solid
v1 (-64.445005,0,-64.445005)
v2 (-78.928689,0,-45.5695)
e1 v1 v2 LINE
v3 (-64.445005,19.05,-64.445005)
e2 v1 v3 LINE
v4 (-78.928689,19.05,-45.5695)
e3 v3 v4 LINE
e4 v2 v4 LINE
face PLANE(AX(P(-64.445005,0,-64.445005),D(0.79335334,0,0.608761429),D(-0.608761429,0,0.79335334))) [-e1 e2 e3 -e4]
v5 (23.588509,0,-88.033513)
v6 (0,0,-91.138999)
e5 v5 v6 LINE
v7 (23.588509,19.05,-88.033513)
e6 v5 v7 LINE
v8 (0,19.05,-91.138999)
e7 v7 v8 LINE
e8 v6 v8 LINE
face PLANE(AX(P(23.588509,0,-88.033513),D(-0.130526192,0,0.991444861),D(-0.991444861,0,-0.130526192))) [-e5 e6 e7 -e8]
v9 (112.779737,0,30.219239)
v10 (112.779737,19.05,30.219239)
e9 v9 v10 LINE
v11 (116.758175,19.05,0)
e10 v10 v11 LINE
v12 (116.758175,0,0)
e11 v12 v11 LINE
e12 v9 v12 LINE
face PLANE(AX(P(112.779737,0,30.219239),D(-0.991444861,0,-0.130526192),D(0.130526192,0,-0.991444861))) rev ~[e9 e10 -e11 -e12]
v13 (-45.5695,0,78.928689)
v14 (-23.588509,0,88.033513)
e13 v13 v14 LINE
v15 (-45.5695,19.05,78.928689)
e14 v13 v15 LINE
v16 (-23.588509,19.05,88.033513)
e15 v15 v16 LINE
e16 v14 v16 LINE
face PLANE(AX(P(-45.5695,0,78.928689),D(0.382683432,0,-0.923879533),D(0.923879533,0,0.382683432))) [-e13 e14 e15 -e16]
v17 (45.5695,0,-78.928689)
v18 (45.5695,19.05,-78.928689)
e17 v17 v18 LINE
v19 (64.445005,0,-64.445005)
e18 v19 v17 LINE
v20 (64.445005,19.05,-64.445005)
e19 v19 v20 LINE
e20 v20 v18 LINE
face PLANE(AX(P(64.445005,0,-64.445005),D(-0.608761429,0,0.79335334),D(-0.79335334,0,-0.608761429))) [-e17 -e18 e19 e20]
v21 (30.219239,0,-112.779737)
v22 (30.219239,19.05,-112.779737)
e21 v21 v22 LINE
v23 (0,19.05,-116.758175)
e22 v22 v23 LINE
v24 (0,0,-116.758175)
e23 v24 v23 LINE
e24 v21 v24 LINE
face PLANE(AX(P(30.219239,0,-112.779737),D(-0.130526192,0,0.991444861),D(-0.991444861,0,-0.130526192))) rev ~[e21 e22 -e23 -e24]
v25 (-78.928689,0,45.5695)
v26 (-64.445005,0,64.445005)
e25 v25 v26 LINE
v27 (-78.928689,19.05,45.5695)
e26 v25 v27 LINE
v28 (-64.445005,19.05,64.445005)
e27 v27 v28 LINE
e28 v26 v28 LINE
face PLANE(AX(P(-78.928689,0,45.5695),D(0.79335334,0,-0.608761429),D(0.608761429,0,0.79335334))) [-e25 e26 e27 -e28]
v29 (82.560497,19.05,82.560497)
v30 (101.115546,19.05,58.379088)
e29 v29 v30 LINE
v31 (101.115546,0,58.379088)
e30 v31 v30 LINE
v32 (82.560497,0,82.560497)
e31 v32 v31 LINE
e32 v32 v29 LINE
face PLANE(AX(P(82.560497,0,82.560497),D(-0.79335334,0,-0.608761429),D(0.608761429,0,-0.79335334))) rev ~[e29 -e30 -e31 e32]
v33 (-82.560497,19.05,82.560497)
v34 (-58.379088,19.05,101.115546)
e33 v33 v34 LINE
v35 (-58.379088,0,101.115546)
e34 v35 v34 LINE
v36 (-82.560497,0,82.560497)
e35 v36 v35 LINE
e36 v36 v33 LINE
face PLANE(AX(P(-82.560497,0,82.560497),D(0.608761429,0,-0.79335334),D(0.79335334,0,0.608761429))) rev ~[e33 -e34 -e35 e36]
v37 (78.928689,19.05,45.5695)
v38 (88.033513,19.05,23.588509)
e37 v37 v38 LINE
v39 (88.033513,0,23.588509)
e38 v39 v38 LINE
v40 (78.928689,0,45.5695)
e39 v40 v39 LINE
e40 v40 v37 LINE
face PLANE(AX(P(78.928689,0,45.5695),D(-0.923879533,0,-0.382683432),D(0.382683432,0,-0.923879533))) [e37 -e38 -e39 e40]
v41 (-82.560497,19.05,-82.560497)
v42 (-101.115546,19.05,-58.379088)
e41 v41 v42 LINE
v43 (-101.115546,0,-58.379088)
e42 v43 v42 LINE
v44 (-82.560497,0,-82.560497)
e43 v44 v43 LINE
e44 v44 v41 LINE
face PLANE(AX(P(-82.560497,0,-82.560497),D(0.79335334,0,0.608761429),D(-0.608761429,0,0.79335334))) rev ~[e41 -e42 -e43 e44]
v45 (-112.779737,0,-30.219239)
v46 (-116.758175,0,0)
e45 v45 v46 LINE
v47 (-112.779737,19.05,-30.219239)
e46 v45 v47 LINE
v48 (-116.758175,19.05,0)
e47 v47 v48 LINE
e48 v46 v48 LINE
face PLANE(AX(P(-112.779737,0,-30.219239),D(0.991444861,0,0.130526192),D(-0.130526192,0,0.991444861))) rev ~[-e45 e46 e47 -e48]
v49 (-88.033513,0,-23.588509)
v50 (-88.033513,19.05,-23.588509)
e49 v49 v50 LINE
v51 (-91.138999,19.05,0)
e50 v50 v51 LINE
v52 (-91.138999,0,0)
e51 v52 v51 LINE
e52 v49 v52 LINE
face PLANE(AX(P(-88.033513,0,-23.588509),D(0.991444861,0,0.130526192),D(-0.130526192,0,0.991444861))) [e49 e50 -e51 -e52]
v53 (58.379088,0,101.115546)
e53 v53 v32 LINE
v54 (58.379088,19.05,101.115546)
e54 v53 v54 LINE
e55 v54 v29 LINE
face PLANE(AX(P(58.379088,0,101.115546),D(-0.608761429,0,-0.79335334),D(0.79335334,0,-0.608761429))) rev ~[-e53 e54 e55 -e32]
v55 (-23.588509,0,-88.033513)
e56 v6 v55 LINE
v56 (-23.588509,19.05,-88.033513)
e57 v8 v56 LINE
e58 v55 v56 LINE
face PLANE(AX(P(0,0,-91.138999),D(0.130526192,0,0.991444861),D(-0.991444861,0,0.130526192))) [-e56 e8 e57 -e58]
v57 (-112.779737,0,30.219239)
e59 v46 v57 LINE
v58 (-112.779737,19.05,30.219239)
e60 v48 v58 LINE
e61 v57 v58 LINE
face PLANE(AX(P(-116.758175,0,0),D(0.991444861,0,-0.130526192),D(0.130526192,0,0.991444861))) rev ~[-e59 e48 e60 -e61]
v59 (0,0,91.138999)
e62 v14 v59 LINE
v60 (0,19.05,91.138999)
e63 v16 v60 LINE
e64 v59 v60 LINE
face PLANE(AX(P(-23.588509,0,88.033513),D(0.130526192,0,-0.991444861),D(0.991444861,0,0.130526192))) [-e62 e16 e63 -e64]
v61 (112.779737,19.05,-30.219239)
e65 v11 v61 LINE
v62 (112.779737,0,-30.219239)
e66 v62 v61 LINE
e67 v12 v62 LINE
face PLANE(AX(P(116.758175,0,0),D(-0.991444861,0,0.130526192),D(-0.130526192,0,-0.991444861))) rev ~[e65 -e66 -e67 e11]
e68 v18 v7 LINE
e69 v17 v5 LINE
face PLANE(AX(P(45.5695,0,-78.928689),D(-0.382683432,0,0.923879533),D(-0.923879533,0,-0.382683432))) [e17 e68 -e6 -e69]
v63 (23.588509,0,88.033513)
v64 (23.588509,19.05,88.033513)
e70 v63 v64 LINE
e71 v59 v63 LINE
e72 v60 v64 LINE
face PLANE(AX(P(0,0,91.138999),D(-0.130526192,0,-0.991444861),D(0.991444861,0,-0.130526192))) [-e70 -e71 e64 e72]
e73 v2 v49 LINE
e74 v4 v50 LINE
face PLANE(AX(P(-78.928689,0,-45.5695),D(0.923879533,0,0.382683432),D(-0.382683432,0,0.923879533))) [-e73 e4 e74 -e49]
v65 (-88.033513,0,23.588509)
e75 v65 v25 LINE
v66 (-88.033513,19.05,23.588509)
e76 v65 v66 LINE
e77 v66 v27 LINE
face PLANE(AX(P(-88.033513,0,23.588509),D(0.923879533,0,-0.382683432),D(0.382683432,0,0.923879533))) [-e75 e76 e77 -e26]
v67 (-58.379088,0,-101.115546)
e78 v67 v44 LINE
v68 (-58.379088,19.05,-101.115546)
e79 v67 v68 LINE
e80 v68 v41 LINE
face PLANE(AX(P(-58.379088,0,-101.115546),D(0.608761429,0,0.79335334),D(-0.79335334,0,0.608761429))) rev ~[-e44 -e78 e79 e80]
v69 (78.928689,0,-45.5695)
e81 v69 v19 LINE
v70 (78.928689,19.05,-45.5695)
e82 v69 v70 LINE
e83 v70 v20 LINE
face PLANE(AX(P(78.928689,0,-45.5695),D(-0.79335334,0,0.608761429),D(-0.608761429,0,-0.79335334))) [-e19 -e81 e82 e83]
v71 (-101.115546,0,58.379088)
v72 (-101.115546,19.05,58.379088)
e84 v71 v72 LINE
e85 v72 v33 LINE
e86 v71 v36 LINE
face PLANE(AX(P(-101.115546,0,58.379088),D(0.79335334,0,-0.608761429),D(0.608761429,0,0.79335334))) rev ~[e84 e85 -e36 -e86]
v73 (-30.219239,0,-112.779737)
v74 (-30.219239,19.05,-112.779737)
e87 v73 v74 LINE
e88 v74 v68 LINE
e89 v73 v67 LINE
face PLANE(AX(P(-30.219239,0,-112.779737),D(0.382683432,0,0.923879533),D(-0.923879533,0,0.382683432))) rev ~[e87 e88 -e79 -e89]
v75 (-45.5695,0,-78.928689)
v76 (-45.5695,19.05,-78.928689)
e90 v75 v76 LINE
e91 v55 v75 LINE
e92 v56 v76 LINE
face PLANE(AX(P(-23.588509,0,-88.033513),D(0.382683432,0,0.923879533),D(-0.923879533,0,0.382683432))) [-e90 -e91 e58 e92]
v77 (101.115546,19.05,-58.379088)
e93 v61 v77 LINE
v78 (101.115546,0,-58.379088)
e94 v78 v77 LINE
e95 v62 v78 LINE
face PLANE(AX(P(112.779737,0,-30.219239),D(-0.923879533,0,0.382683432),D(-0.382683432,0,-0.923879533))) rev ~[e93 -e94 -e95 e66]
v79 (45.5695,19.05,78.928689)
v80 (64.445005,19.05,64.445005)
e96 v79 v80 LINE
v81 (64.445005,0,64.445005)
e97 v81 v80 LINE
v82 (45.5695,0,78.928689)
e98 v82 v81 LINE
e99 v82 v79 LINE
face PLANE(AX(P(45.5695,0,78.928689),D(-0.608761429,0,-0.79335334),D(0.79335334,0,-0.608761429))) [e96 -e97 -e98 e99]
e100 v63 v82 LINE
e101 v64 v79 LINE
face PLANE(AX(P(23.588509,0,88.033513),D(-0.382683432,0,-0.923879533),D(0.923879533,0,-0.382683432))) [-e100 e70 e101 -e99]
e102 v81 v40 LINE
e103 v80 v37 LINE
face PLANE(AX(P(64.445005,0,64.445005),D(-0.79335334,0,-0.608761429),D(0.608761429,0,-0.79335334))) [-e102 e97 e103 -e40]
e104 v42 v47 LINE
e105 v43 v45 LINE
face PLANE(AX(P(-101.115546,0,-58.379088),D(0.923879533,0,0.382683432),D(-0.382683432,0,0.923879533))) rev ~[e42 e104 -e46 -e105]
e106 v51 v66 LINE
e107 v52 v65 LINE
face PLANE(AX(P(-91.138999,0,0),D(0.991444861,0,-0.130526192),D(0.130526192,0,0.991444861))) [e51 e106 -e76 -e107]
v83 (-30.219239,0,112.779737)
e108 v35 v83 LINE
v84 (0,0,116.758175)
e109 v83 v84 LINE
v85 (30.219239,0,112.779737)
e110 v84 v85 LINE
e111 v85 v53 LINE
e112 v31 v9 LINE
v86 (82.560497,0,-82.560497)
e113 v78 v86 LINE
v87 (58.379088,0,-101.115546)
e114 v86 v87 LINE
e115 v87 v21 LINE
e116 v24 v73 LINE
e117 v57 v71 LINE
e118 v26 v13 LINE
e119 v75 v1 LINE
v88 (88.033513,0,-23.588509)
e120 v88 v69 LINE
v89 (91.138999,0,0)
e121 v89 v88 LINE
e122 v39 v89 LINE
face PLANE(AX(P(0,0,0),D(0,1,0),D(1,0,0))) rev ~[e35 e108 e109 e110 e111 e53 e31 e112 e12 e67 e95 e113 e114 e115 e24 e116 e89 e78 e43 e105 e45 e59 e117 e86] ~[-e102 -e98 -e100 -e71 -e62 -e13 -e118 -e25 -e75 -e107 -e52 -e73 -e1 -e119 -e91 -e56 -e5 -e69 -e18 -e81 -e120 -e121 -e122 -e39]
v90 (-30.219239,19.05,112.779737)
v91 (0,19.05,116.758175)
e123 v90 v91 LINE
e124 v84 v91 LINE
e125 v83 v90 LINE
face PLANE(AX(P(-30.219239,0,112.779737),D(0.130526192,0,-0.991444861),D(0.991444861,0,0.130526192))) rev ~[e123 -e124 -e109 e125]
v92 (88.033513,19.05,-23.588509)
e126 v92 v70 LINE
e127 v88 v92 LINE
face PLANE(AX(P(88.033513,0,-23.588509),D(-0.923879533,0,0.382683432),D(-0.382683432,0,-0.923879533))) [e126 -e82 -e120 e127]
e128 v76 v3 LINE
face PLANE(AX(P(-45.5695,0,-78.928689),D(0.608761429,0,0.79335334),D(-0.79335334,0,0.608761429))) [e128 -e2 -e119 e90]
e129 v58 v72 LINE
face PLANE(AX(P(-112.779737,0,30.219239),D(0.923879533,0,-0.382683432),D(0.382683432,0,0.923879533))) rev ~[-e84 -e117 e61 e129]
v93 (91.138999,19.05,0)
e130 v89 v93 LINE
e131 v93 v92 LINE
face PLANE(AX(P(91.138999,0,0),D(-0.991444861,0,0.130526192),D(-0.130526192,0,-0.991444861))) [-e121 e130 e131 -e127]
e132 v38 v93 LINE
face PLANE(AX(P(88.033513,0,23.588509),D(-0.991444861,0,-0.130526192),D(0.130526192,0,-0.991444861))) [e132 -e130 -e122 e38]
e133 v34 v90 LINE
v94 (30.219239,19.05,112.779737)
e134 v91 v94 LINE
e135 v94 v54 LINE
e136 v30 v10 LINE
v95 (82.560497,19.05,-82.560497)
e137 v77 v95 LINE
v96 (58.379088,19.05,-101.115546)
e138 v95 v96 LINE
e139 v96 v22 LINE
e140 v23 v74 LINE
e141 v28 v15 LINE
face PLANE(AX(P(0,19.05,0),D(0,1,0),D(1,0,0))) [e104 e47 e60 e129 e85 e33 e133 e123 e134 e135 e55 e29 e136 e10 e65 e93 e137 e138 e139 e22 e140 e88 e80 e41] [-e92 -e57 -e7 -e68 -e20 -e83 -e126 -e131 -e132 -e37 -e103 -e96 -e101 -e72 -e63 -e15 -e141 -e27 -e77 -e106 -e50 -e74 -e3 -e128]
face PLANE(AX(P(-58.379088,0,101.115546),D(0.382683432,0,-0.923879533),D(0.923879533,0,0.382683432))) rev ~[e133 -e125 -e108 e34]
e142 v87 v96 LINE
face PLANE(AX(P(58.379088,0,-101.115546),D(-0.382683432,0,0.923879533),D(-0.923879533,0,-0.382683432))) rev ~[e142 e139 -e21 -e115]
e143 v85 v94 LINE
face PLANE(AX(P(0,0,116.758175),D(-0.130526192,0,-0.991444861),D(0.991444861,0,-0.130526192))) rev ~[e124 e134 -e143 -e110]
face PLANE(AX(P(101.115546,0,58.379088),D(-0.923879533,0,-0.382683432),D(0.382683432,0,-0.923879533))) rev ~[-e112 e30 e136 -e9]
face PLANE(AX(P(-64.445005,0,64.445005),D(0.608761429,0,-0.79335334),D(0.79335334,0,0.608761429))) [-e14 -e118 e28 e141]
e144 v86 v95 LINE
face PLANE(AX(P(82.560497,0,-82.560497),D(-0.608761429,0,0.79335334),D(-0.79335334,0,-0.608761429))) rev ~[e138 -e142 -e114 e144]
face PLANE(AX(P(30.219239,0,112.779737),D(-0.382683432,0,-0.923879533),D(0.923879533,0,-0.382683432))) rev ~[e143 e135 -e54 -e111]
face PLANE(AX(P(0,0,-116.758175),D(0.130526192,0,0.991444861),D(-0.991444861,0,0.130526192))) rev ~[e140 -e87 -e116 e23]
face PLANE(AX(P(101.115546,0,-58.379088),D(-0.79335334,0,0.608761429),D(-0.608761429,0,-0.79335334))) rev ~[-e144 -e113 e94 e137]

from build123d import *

# Parameters (mm, degrees)
BOSS_EXTRUDE1_DEPTH = 19.05


with BuildPart() as part:
    # Sketch1 → Boss-Extrude1 (new body)
    with BuildSketch(Plane(origin=(0, 0, 0), x_dir=(1, 0, 0), z_dir=(0, 1, 0))):
        Polygon((-116.758175051, 0), (-112.779736712, -30.219239375), (-101.115545694, -58.379087526), (-82.560497338, -82.560497338), (-58.379087526, -101.115545694), (-30.219239375, -112.779736712), (0, -116.758175051), (30.219239375, -112.779736712), (58.379087526, -101.115545694), (82.560497338, -82.560497338), (101.115545694, -58.379087526), (112.779736712, -30.219239375), (116.758175051, 0), (112.779736712, 30.219239375), (101.115545694, 58.379087526), (82.560497338, 82.560497338), (58.379087526, 101.115545694), (30.219239375, 112.779736712), (0, 116.758175051), (-30.219239375, 112.779736712), (-58.379087526, 101.115545694), (-82.560497338, 82.560497338), (-101.115545694, 58.379087526), (-112.779736712, 30.219239375), align=None)
        Polygon((-91.138999452, 0), (-88.033513353, -23.58850881), (-78.928688801, -45.569499726), (-64.445004543, -64.445004543), (-45.569499726, -78.928688801), (-23.58850881, -88.033513353), (0, -91.138999452), (23.58850881, -88.033513353), (45.569499726, -78.928688801), (64.445004543, -64.445004543), (78.928688801, -45.569499726), (88.033513353, -23.58850881), (91.138999452, 0), (88.033513353, 23.58850881), (78.928688801, 45.569499726), (64.445004543, 64.445004543), (45.569499726, 78.928688801), (23.58850881, 88.033513353), (0, 91.138999452), (-23.58850881, 88.033513353), (-45.569499726, 78.928688801), (-64.445004543, 64.445004543), (-78.928688801, 45.569499726), (-88.033513353, 23.58850881), align=None, mode=Mode.SUBTRACT)
    extrude(amount=BOSS_EXTRUDE1_DEPTH)


solid = part.part
